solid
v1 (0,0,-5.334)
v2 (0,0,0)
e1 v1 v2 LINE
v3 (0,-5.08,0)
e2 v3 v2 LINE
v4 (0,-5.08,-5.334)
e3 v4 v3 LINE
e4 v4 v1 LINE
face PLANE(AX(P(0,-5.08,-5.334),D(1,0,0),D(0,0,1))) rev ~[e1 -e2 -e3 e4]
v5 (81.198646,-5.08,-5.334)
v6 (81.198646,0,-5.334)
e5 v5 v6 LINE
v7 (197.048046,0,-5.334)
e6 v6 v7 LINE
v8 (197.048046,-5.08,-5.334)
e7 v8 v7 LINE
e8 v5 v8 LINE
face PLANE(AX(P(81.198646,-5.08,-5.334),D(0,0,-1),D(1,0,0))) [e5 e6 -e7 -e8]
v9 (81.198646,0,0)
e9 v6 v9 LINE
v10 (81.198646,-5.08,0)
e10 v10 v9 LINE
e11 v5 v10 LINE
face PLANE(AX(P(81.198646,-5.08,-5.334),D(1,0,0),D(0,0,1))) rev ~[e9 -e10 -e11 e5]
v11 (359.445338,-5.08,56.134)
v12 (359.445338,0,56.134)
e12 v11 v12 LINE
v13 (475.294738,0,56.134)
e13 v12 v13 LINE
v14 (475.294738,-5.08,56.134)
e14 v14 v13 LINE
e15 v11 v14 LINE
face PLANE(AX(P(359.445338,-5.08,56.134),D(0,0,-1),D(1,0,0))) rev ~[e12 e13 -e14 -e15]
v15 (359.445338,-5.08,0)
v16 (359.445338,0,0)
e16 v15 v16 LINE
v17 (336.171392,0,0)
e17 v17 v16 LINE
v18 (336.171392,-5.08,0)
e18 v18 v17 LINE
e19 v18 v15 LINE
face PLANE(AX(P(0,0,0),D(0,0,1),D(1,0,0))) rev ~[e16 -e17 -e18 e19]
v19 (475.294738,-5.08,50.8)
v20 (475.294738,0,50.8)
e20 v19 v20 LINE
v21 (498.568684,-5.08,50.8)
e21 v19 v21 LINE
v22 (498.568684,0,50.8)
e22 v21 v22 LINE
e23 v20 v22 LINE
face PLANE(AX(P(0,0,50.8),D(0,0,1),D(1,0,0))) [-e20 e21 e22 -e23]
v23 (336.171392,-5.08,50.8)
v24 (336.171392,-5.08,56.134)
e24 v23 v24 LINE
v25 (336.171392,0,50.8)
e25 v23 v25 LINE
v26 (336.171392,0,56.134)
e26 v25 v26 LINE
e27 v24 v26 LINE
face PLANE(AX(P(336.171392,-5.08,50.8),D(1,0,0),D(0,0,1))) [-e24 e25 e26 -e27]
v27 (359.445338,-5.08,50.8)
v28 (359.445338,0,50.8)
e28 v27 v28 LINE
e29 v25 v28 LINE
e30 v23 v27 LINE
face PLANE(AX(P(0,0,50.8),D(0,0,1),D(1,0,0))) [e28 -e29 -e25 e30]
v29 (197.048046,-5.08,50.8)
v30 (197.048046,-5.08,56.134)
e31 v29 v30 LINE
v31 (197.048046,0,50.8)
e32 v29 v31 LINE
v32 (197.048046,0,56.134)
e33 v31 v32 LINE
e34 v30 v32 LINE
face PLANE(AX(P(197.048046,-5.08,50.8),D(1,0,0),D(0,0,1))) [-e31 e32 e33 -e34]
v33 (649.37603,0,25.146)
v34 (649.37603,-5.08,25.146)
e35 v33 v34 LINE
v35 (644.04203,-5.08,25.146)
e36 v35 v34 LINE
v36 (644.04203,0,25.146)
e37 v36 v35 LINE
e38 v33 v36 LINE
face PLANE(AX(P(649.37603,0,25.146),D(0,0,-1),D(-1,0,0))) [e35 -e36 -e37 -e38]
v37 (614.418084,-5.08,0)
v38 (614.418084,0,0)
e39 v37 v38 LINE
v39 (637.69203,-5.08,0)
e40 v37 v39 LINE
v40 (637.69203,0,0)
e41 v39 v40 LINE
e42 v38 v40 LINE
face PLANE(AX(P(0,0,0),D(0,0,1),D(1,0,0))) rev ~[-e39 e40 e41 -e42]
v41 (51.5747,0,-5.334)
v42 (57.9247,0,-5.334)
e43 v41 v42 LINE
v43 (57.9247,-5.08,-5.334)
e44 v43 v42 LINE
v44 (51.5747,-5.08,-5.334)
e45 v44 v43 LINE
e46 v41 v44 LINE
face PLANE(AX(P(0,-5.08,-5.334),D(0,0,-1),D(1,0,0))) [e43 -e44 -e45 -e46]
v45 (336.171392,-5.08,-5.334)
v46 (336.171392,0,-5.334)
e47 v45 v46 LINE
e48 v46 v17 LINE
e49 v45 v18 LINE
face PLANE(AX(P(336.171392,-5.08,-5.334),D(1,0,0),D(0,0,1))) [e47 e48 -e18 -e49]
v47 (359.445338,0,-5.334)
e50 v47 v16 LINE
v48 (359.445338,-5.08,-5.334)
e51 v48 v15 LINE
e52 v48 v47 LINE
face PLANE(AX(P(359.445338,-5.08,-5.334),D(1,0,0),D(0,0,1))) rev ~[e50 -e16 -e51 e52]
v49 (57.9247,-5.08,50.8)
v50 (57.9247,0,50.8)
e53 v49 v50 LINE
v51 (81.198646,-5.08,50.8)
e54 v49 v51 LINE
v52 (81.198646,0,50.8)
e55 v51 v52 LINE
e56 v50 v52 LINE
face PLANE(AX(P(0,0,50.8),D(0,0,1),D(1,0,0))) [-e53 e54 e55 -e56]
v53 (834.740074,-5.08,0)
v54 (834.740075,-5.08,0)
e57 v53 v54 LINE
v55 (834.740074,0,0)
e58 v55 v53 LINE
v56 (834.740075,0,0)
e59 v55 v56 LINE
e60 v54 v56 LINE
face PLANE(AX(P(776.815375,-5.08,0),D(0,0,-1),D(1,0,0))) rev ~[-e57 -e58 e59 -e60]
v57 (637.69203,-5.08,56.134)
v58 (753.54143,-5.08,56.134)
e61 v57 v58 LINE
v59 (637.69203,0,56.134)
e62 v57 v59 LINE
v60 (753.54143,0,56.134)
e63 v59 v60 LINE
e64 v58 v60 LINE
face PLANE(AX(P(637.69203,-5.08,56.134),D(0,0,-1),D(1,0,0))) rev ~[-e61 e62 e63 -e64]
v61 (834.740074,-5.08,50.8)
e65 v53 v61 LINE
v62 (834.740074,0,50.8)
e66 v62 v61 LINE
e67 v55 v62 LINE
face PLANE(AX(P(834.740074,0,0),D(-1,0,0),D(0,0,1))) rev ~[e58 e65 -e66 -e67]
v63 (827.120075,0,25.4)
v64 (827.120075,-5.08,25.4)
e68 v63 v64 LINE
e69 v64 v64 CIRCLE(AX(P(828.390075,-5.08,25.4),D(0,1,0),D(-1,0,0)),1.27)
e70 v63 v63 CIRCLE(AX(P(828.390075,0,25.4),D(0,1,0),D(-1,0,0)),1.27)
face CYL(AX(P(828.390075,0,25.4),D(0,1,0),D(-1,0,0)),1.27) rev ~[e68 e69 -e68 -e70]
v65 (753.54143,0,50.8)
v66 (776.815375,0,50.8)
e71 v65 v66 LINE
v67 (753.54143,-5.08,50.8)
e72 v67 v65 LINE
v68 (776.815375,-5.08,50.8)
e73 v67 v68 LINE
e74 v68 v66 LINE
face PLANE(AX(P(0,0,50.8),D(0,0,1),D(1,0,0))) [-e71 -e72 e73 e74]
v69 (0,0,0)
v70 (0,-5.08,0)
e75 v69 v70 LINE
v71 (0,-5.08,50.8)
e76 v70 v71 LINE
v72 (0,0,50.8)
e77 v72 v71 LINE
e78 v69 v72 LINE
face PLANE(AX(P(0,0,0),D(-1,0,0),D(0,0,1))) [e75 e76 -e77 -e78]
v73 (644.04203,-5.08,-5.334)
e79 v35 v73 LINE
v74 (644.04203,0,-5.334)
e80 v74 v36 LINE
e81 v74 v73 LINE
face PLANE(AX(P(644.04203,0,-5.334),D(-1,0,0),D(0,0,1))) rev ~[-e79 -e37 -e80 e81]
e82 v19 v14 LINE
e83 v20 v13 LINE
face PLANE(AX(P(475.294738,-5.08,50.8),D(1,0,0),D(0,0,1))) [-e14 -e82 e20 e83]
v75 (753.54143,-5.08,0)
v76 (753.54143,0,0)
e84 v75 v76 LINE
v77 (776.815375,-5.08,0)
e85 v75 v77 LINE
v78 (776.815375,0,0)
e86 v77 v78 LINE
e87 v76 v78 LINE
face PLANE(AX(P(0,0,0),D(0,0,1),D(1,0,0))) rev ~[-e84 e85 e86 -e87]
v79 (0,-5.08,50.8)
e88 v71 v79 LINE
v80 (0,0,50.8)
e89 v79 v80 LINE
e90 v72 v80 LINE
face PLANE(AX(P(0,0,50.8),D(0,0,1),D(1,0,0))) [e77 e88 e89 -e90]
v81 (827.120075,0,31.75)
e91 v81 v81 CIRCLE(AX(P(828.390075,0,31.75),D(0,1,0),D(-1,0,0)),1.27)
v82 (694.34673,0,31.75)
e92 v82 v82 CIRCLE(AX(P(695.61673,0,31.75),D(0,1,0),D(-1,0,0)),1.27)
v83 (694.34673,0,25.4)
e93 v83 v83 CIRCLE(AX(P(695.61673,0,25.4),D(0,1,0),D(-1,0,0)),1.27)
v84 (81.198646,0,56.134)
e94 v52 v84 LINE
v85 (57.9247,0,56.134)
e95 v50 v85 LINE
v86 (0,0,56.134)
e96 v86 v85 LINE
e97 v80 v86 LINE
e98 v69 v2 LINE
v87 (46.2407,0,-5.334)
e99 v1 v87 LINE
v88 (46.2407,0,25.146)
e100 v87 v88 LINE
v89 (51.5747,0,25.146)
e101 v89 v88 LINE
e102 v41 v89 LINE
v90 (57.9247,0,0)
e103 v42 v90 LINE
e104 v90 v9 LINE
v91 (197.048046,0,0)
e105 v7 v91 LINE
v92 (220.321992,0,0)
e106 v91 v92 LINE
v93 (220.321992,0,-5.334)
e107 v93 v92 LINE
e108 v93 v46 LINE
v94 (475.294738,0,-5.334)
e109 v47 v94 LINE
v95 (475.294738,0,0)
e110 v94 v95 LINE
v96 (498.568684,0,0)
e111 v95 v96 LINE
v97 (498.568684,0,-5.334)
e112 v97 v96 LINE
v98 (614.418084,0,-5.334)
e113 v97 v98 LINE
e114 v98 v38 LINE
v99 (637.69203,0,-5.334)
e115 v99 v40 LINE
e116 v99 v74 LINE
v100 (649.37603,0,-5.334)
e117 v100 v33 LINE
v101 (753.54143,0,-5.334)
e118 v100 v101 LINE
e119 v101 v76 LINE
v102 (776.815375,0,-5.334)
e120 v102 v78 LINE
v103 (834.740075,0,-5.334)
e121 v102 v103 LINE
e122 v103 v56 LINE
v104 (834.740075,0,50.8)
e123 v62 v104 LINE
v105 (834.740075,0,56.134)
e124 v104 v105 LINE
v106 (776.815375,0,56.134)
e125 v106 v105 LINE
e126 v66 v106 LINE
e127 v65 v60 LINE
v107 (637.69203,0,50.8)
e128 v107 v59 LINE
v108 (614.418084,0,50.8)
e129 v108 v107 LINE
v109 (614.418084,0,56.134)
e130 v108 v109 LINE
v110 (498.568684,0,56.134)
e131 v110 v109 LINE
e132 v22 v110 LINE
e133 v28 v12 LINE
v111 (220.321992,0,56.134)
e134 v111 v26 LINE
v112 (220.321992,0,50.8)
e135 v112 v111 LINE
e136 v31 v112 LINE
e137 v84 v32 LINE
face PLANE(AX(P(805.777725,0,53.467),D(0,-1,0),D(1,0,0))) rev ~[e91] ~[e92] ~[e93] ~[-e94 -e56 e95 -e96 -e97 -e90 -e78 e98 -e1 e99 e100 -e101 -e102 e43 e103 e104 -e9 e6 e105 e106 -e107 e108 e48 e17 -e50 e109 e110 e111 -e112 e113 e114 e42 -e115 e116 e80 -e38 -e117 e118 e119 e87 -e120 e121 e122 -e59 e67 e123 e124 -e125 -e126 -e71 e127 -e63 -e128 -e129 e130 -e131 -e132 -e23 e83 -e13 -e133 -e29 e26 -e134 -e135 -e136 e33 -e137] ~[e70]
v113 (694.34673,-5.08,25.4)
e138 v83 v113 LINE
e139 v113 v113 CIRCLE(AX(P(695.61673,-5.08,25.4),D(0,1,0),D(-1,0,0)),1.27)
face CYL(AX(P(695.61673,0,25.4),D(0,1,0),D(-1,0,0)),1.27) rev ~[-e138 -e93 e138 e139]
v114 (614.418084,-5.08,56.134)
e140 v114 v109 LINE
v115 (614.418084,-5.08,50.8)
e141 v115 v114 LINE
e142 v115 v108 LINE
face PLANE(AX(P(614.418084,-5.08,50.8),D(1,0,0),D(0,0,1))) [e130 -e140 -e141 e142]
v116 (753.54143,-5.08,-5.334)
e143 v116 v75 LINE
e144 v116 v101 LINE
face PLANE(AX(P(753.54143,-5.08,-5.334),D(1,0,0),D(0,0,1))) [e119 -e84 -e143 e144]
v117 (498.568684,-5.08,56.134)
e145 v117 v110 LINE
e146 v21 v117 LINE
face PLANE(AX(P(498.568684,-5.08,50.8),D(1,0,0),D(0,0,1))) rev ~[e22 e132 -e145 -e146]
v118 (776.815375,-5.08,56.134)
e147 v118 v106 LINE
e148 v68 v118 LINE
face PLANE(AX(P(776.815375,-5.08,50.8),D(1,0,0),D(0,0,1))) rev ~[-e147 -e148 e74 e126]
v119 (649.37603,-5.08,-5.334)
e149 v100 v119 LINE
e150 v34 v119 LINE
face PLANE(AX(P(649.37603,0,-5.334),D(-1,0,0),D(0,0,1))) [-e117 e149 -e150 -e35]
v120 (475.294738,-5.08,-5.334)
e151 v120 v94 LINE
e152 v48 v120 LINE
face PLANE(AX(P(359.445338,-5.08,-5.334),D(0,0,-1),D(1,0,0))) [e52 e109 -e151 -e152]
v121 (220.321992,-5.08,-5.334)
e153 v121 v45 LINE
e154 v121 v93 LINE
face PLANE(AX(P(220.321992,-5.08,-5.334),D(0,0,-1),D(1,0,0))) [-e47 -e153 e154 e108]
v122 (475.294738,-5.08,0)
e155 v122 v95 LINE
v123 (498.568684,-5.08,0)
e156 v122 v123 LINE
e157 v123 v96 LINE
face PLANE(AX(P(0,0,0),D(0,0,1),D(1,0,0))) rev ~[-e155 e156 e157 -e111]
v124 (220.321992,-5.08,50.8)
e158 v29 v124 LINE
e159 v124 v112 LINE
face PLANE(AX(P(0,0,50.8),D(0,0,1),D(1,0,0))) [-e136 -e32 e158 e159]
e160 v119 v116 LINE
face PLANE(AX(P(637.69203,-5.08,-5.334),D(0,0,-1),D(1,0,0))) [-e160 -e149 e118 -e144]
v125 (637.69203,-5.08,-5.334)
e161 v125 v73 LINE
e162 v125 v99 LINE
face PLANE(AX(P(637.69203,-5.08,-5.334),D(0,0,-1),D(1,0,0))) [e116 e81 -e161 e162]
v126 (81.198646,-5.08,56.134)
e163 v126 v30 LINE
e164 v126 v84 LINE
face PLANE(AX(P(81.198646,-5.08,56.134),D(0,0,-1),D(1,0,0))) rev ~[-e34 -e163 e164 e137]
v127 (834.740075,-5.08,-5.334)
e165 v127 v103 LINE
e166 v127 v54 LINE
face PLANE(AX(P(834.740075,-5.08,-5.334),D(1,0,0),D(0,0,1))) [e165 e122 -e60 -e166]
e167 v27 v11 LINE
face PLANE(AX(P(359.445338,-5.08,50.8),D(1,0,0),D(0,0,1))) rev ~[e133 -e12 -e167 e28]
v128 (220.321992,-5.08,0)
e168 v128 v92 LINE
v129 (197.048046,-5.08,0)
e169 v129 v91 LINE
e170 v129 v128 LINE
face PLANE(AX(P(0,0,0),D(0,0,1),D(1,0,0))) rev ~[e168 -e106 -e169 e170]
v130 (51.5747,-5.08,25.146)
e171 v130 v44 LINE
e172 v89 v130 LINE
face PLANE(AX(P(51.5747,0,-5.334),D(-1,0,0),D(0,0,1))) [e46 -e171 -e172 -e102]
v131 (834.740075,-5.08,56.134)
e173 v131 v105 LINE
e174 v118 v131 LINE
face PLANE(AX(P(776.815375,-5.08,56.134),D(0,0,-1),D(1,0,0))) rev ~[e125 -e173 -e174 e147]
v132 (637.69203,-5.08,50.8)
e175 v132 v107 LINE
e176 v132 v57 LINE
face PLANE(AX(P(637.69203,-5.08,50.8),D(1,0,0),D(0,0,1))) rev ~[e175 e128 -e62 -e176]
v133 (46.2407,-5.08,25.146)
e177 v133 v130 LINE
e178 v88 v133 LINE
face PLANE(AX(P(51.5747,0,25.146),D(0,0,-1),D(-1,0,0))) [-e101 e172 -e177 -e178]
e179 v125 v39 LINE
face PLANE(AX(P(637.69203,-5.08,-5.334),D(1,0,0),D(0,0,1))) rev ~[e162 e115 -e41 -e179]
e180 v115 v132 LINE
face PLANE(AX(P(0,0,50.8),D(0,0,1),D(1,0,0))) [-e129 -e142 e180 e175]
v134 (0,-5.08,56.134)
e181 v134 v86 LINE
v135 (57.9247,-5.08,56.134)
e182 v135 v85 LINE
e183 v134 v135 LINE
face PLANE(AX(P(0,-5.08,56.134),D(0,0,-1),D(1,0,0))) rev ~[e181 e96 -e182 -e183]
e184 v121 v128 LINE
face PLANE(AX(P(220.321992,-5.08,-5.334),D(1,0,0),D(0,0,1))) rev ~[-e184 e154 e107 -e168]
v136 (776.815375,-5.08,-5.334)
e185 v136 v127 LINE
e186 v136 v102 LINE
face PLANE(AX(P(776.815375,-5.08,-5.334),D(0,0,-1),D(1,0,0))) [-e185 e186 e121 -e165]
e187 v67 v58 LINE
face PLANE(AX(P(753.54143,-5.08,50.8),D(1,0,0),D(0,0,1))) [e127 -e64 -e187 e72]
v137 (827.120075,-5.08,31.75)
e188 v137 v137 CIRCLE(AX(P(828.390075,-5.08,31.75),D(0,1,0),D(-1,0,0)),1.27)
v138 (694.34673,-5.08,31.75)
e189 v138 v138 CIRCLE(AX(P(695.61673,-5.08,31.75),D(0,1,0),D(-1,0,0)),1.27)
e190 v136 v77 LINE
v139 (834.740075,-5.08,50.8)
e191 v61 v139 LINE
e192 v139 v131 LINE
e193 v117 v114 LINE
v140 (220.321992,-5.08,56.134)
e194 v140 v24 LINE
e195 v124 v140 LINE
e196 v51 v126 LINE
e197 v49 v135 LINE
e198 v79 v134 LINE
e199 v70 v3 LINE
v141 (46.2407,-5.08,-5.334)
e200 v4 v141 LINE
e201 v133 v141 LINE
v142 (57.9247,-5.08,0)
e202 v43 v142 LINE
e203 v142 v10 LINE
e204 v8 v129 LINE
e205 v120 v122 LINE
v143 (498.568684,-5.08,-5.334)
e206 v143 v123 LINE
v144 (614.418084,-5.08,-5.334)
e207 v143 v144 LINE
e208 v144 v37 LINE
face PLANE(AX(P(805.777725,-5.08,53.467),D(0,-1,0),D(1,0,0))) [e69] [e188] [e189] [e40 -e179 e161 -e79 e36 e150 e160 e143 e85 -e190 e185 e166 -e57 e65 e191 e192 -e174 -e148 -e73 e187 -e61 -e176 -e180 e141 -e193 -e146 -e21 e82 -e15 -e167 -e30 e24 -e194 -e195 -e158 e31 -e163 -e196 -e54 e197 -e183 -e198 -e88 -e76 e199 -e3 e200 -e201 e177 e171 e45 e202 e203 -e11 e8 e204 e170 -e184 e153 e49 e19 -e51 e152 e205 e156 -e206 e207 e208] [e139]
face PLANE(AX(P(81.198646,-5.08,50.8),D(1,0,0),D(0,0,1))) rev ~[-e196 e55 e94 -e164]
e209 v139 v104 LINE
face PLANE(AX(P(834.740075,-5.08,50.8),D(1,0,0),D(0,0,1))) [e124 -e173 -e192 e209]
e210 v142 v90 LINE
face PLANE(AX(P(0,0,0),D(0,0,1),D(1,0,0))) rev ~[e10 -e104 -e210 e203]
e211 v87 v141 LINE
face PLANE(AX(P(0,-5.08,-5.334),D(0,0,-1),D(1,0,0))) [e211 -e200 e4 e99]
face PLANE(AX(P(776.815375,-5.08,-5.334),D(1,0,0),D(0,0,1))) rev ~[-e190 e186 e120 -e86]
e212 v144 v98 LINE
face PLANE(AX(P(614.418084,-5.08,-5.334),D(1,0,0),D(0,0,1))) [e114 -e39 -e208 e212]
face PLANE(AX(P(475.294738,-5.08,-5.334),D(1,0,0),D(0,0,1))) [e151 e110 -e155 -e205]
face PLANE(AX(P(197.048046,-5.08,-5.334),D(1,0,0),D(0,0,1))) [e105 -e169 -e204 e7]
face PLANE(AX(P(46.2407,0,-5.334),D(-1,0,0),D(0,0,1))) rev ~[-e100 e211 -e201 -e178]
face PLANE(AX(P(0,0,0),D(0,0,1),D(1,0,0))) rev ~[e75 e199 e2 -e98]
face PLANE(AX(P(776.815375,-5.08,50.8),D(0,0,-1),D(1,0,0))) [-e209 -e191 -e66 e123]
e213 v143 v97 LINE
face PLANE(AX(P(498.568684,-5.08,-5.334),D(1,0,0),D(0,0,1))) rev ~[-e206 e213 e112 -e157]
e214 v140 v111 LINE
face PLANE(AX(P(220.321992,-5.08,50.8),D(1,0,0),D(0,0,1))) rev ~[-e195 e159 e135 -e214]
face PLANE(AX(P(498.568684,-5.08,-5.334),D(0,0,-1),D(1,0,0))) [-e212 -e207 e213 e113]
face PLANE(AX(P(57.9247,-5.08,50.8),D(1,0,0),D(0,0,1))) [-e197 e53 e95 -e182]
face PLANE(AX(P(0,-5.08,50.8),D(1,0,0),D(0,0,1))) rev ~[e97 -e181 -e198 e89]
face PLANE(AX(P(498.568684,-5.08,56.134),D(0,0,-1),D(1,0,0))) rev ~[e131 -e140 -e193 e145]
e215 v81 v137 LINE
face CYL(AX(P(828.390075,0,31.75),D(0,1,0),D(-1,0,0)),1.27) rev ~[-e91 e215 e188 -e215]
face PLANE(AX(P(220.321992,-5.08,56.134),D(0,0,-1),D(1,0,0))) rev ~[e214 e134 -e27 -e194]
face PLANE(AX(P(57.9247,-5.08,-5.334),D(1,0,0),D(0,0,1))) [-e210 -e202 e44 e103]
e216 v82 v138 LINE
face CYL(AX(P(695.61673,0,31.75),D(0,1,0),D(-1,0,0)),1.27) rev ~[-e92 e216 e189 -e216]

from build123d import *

# Parameters (mm, degrees)
F0_W     = 834.740075
F0_H     = 50.8
F1_DEPTH = 5.08
F3_W     = 57.9247
F3_H     = 5.334
F3_W_2   = 115.8494
F4_DEPTH = 5.08
F5_W     = 5.334
F5_H     = 30.48
F6_DEPTH = 25.4
F7_R     = 1.27
F8_DEPTH = 5.081


with BuildPart() as f1:
    # F0 (on Front) → F1 (new body)
    with BuildSketch(Plane.XZ):
        with Locations((417.370037, 25.4)):
            Rectangle(F0_W, F0_H)
    extrude(amount=F1_DEPTH)

    # F3 (on face) → F4 (join)
    with BuildSketch(Plane.XZ.offset(5.08)):
        with Locations((28.96235, 53.467)):
            Rectangle(F3_W, F3_H)
        with Locations((139.123346, 53.467)):
            Rectangle(F3_W_2, F3_H)
        with Locations((28.96235, -2.667)):
            Rectangle(F3_W, F3_H)
        with Locations((139.123346, -2.667)):
            Rectangle(F3_W_2, F3_H)
        with Locations((278.246692, 53.467)):
            Rectangle(F3_W_2, F3_H)
        with Locations((278.246692, -2.667)):
            Rectangle(F3_W_2, F3_H)
        with Locations((417.370038, 53.467)):
            Rectangle(F3_W_2, F3_H)
        with Locations((417.370038, -2.667)):
            Rectangle(F3_W_2, F3_H)
        with Locations((556.493384, 53.467)):
            Rectangle(F3_W_2, F3_H)
        with Locations((556.493384, -2.667)):
            Rectangle(F3_W_2, F3_H)
        with Locations((695.61673, 53.467)):
            Rectangle(F3_W_2, F3_H)
        with Locations((695.61673, -2.667)):
            Rectangle(F3_W_2, F3_H)
        with Locations((805.777725, 53.467)):
            Rectangle(F3_W, F3_H)
        with Locations((805.777725, -2.667)):
            Rectangle(F3_W, F3_H)
    extrude(amount=-F4_DEPTH)

    # F5 (on face) → F6 (cut)
    with BuildSketch(Plane(origin=(0, 0, 0), x_dir=(-1, 0, 0), z_dir=(0, 1, 0))):
        with Locations((-646.70903, 9.906)):
            Rectangle(F5_W, F5_H)
        with Locations((-48.9077, 9.906)):
            Rectangle(F5_W, F5_H)
    extrude(amount=-F6_DEPTH, mode=Mode.SUBTRACT)

    # F7 (on face) → F8 (cut, through all)
    with BuildSketch(Plane(origin=(0, 0, 0), x_dir=(-1, 0, 0), z_dir=(0, 1, 0))):
        with Locations((-695.61673, 25.4)):
            Circle(F7_R)
        with Locations((-695.61673, 31.75)):
            Circle(F7_R)
        with Locations((-828.390075, 31.75)):
            Circle(F7_R)
        with Locations((-828.390075, 25.4)):
            Circle(F7_R)
    extrude(amount=-F8_DEPTH, mode=Mode.SUBTRACT)


solid = f1.part
